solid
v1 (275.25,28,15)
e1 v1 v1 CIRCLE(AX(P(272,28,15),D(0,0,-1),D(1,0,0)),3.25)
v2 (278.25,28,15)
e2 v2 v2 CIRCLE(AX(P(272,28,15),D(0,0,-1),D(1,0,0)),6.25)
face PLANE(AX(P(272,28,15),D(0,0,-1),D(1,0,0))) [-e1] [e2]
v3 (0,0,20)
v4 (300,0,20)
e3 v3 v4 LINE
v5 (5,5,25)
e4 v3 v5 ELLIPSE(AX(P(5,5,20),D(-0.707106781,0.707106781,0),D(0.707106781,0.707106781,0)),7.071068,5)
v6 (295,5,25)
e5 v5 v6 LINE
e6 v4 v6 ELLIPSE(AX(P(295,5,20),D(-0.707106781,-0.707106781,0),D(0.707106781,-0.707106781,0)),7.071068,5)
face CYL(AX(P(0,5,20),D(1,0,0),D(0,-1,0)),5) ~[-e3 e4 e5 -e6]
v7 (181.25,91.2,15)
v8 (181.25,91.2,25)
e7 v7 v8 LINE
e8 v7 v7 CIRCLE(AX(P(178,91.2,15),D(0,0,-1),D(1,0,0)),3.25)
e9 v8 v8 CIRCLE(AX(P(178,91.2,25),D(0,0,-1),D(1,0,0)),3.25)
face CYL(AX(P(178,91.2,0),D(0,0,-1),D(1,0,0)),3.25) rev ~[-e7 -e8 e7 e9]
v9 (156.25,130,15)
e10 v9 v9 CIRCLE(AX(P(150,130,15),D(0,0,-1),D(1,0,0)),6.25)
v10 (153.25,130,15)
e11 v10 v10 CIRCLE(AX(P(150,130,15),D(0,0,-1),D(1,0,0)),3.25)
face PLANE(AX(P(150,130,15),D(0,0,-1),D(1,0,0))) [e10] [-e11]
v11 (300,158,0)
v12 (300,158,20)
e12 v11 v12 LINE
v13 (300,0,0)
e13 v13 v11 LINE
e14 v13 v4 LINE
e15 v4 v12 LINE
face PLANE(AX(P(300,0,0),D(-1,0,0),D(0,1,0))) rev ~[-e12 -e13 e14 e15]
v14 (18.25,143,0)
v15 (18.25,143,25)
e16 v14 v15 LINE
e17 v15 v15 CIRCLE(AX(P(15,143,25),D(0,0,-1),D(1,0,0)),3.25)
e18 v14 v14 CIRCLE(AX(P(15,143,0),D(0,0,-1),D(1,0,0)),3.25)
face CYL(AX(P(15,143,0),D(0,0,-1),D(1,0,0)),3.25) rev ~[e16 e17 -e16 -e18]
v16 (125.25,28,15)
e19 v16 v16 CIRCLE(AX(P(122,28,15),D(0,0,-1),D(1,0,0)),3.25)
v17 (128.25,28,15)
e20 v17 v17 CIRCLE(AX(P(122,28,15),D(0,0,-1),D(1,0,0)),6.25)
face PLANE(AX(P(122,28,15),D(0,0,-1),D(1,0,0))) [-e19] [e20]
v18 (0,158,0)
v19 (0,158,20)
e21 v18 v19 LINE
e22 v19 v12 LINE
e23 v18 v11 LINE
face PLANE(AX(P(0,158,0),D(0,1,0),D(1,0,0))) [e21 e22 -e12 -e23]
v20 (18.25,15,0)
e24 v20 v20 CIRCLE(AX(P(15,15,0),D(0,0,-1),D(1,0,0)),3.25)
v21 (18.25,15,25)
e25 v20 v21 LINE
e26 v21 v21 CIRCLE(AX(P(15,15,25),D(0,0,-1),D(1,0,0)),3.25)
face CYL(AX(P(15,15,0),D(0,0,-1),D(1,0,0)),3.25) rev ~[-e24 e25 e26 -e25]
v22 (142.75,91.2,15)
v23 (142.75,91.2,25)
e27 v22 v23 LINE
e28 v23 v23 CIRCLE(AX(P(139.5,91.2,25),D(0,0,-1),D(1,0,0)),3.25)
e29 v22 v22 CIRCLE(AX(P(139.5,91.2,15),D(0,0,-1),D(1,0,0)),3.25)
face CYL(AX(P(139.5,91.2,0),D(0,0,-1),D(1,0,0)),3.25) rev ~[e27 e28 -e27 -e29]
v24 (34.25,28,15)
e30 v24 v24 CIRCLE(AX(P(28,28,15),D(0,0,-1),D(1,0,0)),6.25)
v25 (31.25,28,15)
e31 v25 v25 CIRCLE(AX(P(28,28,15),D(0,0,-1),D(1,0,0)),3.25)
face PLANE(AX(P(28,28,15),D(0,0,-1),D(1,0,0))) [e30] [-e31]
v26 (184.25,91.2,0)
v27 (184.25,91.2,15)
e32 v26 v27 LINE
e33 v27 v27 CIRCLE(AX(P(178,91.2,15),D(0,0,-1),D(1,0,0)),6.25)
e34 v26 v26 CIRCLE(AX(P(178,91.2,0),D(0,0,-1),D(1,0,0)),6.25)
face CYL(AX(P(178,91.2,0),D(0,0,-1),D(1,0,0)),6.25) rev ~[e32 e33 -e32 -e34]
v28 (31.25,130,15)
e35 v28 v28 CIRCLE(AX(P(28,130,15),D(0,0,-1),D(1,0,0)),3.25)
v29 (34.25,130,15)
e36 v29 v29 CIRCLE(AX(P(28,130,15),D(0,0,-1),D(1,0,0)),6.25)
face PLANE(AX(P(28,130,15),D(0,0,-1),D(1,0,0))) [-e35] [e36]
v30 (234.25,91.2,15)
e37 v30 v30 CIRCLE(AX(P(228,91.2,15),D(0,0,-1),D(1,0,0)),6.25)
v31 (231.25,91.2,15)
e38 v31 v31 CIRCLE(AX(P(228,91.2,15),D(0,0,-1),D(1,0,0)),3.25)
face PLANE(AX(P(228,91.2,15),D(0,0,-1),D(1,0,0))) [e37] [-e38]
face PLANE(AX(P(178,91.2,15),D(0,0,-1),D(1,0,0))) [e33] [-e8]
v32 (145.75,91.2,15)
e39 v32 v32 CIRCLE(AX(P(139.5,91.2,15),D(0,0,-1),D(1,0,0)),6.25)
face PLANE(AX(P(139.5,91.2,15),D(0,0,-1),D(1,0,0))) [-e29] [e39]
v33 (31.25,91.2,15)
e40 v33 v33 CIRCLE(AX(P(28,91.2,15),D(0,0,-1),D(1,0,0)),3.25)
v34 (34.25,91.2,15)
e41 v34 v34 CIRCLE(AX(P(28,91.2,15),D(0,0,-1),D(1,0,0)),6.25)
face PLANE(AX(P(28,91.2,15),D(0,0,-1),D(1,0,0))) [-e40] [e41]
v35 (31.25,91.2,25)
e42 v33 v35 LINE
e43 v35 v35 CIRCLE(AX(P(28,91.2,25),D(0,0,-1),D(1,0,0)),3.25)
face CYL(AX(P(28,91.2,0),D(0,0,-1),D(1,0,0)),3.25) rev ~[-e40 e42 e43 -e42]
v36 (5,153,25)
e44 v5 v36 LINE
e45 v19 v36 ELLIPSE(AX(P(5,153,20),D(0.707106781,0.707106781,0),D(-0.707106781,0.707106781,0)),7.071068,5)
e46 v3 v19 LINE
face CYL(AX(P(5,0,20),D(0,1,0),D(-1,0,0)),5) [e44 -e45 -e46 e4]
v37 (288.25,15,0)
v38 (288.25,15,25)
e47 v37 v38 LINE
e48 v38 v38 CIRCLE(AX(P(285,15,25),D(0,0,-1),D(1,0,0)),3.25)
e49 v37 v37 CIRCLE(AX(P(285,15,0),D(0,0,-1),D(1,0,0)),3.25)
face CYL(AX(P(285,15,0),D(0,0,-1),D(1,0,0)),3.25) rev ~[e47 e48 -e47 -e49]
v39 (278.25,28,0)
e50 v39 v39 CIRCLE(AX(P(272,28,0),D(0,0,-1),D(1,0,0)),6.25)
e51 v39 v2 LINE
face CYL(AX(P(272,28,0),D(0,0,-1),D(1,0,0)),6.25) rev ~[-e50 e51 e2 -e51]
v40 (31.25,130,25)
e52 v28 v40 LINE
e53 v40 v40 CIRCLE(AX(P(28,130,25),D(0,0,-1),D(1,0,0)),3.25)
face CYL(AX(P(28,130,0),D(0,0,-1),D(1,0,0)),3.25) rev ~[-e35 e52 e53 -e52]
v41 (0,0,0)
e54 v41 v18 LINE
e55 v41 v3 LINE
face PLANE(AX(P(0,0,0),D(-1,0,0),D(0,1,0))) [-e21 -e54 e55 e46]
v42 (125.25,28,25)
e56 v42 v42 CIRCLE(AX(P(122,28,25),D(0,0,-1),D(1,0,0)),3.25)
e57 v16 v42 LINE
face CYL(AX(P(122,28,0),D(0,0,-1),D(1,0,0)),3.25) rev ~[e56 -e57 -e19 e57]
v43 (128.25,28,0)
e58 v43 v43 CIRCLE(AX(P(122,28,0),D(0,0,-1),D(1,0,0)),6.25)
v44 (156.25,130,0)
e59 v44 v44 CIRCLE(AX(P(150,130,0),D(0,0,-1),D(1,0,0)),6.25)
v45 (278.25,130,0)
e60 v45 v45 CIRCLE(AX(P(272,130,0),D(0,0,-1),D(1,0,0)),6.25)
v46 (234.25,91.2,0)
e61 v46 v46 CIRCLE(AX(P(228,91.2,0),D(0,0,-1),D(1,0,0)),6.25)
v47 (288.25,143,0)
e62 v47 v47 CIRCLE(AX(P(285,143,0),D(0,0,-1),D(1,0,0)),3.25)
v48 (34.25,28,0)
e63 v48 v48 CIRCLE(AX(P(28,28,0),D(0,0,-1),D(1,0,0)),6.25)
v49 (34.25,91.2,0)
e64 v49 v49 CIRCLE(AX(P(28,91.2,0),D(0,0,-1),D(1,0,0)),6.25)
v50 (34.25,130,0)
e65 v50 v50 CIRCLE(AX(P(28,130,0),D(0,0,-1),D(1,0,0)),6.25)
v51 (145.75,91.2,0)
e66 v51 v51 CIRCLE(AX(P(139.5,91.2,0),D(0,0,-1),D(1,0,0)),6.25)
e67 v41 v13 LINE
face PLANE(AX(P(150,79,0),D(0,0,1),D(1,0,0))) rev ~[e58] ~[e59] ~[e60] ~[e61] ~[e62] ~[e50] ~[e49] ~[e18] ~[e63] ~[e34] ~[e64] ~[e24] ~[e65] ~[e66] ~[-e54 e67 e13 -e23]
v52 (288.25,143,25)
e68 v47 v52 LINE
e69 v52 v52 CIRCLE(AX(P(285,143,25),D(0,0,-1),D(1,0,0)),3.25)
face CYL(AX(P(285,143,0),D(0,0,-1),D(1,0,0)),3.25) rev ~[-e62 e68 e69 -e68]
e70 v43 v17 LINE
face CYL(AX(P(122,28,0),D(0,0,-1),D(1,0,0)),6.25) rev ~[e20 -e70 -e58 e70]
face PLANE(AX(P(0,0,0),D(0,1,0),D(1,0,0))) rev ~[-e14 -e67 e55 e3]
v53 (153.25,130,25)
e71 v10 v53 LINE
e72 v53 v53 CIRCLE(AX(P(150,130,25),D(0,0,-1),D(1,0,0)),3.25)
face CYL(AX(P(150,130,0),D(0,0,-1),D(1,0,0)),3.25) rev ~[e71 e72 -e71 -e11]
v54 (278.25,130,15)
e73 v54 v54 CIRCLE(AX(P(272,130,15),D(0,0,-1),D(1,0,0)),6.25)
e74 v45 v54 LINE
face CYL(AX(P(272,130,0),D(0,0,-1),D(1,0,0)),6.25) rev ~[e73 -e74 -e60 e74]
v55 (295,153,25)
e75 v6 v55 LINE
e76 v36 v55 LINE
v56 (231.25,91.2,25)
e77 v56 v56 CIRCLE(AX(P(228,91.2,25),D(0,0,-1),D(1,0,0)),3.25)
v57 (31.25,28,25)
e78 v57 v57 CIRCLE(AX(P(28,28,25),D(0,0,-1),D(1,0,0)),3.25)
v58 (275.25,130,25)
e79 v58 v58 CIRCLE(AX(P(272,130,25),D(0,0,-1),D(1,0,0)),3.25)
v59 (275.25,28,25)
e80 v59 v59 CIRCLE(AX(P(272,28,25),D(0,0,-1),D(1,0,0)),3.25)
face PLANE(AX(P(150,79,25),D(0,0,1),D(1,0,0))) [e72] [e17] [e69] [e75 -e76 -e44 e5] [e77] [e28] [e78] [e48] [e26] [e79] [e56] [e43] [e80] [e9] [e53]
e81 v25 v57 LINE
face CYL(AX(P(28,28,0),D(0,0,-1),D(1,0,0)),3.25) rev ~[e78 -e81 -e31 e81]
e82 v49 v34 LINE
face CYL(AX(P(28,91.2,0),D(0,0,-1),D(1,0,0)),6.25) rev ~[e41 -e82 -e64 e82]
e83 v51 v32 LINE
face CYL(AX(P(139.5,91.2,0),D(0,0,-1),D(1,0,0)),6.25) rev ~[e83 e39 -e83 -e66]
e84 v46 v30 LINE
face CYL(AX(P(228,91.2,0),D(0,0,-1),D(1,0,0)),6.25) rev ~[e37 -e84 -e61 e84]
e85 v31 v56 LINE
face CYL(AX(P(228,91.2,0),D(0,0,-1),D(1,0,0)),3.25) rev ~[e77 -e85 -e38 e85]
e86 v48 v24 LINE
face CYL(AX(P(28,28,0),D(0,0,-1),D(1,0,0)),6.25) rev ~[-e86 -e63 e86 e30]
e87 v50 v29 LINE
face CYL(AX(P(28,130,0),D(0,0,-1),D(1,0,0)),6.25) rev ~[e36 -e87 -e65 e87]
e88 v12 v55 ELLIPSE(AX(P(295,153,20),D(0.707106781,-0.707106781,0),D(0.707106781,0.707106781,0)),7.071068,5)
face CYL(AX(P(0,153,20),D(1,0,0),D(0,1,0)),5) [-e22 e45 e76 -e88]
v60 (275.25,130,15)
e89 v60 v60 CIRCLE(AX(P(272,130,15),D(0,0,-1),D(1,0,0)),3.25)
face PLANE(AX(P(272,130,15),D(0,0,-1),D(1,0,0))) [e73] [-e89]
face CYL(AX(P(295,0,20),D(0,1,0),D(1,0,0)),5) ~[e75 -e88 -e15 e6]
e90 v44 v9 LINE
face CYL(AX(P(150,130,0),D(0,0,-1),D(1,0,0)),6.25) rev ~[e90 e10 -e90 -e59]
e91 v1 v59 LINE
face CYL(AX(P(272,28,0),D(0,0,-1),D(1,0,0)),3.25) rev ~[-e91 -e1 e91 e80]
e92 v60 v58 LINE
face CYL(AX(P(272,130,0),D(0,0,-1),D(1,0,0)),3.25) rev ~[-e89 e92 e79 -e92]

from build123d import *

# Parameters (mm, degrees)
F0_W     = 300
F0_H     = 158
F1_DEPTH = 25
F2_R     = 5
F3_R     = 3.25
F4_DEPTH = 25
F5_R     = 3.25
F6_DEPTH = 25
F7_R     = 6.25
F8_DEPTH = 15


with BuildPart() as f1:
    # F0 (on Top) → F1 (new body)
    with BuildSketch(Plane.XY):
        with Locations((150, 79)):
            Rectangle(F0_W, F0_H)
    extrude(amount=F1_DEPTH)

    # F2
    f2_edges = [f1.edges().sort_by_distance(p)[0] for p in [
        (0, 79, 25),
        (150, 158, 25),
        (150, 0, 25),
        (300, 79, 25),
    ]]
    fillet(f2_edges, radius=F2_R)

    # F3 (on face) → F4 (cut)
    with BuildSketch(Plane(origin=(0, 0, 0), x_dir=(1, 0, 0), z_dir=(0, 0, -1))):
        with Locations((15, -15)):
            Circle(F3_R)
        with Locations((285, -15)):
            Circle(F3_R)
        with Locations((15, -143)):
            Circle(F3_R)
        with Locations((285, -143)):
            Circle(F3_R)
    extrude(amount=-F4_DEPTH, mode=Mode.SUBTRACT)

    # F5 (on face) → F6 (cut)
    with BuildSketch(Plane(origin=(0, 0, 0), x_dir=(1, 0, 0), z_dir=(0, 0, -1))):
        with Locations((272, -28)):
            Circle(F5_R)
        with Locations((28, -28)):
            Circle(F5_R)
        with Locations((28, -130)):
            Circle(F5_R)
        with Locations((272, -130)):
            Circle(F5_R)
        with Locations((150, -130)):
            Circle(F5_R)
        with Locations((122, -28)):
            Circle(F5_R)
        with Locations((28, -91.2)):
            Circle(F5_R)
        with Locations((139.5, -91.2)):
            Circle(F5_R)
        with Locations((178, -91.2)):
            Circle(F5_R)
        with Locations((228, -91.2)):
            Circle(F5_R)
    extrude(amount=-F6_DEPTH, mode=Mode.SUBTRACT)

    # F7 (on face) → F8 (cut)
    with BuildSketch(Plane(origin=(0, 0, 0), x_dir=(1, 0, 0), z_dir=(0, 0, -1))):
        with Locations((28, -28)):
            Circle(F7_R)
        with Locations((122, -28)):
            Circle(F7_R)
        with Locations((272, -28)):
            Circle(F7_R)
        with Locations((228, -91.2)):
            Circle(F7_R)
        with Locations((178, -91.2)):
            Circle(F7_R)
        with Locations((139.5, -91.2)):
            Circle(F7_R)
        with Locations((150, -130)):
            Circle(F7_R)
        with Locations((272, -130)):
            Circle(F7_R)
        with Locations((28, -130)):
            Circle(F7_R)
        with Locations((28, -91.2)):
            Circle(F7_R)
    extrude(amount=-F8_DEPTH, mode=Mode.SUBTRACT)


solid = f1.part
